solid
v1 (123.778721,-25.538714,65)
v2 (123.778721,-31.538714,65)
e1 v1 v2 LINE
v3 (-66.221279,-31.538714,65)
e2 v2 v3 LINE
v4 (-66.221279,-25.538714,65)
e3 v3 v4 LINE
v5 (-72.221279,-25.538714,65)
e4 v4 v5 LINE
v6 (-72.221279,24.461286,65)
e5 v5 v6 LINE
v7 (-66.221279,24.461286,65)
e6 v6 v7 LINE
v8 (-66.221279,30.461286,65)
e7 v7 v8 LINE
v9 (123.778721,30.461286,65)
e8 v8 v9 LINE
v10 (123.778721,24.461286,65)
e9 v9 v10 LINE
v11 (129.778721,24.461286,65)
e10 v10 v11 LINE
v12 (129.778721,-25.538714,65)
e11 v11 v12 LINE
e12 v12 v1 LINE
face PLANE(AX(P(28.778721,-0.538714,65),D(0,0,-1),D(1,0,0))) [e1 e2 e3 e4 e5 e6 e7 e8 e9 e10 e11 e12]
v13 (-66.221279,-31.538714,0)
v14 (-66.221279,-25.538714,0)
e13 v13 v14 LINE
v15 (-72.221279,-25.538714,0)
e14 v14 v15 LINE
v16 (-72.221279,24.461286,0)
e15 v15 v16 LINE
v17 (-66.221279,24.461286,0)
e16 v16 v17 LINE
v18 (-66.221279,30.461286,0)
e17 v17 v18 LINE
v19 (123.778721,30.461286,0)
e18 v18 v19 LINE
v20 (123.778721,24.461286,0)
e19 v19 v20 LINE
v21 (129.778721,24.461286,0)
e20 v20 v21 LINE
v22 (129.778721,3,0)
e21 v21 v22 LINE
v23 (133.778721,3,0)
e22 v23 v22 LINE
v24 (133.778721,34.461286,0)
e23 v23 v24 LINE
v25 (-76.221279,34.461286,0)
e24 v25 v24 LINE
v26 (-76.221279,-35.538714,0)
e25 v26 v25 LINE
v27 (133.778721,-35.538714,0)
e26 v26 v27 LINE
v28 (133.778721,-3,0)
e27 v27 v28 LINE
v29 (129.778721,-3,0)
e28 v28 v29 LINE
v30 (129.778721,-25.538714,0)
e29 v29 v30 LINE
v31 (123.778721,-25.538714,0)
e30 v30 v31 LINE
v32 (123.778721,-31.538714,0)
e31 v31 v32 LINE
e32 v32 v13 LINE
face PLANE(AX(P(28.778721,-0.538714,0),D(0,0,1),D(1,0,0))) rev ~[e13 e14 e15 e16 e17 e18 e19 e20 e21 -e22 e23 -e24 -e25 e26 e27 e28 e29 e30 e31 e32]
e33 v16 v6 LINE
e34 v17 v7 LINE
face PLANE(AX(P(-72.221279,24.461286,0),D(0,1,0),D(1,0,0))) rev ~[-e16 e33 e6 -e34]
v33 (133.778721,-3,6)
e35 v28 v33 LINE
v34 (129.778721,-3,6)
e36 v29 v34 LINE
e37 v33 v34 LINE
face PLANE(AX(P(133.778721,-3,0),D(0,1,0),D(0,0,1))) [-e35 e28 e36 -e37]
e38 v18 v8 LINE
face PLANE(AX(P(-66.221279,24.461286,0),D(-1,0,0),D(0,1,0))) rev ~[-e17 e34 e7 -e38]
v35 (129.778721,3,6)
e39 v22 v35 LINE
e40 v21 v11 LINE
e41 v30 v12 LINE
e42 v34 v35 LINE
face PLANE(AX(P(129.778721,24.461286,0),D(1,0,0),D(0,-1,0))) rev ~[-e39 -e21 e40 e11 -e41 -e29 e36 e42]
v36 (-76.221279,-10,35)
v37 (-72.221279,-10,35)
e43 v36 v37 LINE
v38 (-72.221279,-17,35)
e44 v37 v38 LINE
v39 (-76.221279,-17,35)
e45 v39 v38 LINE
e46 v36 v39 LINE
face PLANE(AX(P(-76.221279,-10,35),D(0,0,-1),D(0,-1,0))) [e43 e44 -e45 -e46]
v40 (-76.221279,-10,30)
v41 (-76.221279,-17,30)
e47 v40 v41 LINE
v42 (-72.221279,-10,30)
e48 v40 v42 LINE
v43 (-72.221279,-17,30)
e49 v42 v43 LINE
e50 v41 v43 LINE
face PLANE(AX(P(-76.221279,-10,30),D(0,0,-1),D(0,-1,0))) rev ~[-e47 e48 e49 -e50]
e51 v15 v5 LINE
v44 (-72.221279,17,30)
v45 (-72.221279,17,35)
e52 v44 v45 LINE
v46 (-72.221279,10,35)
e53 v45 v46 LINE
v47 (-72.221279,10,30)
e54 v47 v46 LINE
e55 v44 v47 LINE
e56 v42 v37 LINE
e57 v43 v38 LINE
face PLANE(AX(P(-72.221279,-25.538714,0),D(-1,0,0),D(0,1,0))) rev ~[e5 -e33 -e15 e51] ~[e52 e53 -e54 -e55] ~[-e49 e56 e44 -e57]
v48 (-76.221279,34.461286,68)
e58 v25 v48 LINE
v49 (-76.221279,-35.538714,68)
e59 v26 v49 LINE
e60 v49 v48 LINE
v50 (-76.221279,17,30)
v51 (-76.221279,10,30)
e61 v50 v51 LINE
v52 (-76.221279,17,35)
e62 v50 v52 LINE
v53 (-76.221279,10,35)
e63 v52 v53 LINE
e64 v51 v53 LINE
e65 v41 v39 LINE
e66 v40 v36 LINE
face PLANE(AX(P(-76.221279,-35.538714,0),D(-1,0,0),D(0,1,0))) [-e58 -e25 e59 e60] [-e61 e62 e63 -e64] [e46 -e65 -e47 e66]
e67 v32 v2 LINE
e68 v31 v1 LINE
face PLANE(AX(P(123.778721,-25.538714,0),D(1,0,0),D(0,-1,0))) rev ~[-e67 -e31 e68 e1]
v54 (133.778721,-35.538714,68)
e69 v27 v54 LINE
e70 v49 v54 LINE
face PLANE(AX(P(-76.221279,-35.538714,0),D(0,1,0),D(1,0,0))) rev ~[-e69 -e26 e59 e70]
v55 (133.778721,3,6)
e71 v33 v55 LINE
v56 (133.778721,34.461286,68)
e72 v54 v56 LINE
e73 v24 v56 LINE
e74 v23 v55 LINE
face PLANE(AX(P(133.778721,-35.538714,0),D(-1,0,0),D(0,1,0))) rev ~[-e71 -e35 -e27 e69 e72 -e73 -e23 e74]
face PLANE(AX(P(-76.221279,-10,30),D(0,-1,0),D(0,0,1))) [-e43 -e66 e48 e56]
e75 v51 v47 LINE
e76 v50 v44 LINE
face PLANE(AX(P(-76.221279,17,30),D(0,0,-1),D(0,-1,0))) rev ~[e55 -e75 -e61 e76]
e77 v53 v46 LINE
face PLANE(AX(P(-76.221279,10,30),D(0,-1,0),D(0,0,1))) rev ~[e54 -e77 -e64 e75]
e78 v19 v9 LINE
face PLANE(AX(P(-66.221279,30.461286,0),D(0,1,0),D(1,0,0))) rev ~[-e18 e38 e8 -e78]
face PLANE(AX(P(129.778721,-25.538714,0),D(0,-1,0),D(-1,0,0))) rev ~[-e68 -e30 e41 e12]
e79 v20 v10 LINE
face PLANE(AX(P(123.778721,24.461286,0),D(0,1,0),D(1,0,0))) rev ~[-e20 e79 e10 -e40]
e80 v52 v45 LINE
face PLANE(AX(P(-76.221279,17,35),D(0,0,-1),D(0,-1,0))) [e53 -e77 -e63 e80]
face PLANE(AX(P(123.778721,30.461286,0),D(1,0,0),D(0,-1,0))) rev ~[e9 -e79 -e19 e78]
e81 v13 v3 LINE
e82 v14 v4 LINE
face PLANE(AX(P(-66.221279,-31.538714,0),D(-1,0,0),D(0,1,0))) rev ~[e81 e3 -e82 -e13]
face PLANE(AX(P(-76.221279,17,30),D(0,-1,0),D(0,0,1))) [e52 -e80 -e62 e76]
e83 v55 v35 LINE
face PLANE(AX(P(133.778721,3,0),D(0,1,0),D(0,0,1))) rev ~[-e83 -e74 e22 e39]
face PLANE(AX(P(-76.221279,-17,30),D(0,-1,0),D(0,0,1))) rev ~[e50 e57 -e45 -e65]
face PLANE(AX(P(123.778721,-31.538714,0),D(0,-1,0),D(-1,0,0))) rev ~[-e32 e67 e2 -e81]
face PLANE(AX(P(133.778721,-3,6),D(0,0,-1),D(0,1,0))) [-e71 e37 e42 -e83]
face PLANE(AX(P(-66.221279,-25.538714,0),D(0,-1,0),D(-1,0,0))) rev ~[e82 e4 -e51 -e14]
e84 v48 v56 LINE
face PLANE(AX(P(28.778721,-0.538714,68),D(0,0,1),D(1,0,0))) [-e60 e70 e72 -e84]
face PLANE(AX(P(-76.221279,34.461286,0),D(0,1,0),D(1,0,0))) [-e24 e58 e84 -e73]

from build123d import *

# Parameters (mm, degrees)
SKETCH006_W     = 210
SKETCH006_H     = 70
PAD002_DEPTH    = 68
POCKET_DEPTH    = 65
SKETCH_W        = 7
SKETCH_H        = 5
POCKET001_DEPTH = 20
SKETCH008_W     = 6
SKETCH008_H     = 6
POCKET002_DEPTH = 10


with BuildPart() as part:
    # Sketch006 → Pad002 (new body)
    with BuildSketch(Plane.XY):
        with Locations((28.778721, -0.538714)):
            Rectangle(SKETCH006_W, SKETCH006_H)
    extrude(amount=PAD002_DEPTH)

    # Sketch007 (on Face5 of Pad002) → Pocket (cut)
    with BuildSketch(Plane(origin=(0, 0, 0), x_dir=(1, 0, 0), z_dir=(0, 0, -1))):
        Polygon((-66.221279, 31.538714), (-66.221279, 25.538714), (-72.221279, 25.538714), (-72.221279, -24.461286), (-66.221279, -24.461286), (-66.221279, -30.461286), (123.778721, -30.461286), (123.778721, -24.461286), (129.778721, -24.461286), (129.778721, 25.538714), (123.778721, 25.538714), (123.778721, 31.538714), align=None)
    extrude(amount=-POCKET_DEPTH, mode=Mode.SUBTRACT)

    # Sketch (on Face4 of Pad002) → Pocket001 (cut)
    with BuildSketch(Plane(origin=(-76.221279, 0, 0), x_dir=(0, -1, 0), z_dir=(-1, 0, 0))):
        with Locations((-13.5, 32.5)):
            Rectangle(SKETCH_W, SKETCH_H)
        with Locations((13.5, 32.5)):
            Rectangle(SKETCH_W, SKETCH_H)
    extrude(amount=-POCKET001_DEPTH, mode=Mode.SUBTRACT)

    # Sketch008 (on Face2 of Pad002) → Pocket002 (cut)
    with BuildSketch(Plane.YZ.offset(133.778721)):
        with Locations((0, 3)):
            Rectangle(SKETCH008_W, SKETCH008_H)
    extrude(amount=-POCKET002_DEPTH, mode=Mode.SUBTRACT)


solid = part.part
